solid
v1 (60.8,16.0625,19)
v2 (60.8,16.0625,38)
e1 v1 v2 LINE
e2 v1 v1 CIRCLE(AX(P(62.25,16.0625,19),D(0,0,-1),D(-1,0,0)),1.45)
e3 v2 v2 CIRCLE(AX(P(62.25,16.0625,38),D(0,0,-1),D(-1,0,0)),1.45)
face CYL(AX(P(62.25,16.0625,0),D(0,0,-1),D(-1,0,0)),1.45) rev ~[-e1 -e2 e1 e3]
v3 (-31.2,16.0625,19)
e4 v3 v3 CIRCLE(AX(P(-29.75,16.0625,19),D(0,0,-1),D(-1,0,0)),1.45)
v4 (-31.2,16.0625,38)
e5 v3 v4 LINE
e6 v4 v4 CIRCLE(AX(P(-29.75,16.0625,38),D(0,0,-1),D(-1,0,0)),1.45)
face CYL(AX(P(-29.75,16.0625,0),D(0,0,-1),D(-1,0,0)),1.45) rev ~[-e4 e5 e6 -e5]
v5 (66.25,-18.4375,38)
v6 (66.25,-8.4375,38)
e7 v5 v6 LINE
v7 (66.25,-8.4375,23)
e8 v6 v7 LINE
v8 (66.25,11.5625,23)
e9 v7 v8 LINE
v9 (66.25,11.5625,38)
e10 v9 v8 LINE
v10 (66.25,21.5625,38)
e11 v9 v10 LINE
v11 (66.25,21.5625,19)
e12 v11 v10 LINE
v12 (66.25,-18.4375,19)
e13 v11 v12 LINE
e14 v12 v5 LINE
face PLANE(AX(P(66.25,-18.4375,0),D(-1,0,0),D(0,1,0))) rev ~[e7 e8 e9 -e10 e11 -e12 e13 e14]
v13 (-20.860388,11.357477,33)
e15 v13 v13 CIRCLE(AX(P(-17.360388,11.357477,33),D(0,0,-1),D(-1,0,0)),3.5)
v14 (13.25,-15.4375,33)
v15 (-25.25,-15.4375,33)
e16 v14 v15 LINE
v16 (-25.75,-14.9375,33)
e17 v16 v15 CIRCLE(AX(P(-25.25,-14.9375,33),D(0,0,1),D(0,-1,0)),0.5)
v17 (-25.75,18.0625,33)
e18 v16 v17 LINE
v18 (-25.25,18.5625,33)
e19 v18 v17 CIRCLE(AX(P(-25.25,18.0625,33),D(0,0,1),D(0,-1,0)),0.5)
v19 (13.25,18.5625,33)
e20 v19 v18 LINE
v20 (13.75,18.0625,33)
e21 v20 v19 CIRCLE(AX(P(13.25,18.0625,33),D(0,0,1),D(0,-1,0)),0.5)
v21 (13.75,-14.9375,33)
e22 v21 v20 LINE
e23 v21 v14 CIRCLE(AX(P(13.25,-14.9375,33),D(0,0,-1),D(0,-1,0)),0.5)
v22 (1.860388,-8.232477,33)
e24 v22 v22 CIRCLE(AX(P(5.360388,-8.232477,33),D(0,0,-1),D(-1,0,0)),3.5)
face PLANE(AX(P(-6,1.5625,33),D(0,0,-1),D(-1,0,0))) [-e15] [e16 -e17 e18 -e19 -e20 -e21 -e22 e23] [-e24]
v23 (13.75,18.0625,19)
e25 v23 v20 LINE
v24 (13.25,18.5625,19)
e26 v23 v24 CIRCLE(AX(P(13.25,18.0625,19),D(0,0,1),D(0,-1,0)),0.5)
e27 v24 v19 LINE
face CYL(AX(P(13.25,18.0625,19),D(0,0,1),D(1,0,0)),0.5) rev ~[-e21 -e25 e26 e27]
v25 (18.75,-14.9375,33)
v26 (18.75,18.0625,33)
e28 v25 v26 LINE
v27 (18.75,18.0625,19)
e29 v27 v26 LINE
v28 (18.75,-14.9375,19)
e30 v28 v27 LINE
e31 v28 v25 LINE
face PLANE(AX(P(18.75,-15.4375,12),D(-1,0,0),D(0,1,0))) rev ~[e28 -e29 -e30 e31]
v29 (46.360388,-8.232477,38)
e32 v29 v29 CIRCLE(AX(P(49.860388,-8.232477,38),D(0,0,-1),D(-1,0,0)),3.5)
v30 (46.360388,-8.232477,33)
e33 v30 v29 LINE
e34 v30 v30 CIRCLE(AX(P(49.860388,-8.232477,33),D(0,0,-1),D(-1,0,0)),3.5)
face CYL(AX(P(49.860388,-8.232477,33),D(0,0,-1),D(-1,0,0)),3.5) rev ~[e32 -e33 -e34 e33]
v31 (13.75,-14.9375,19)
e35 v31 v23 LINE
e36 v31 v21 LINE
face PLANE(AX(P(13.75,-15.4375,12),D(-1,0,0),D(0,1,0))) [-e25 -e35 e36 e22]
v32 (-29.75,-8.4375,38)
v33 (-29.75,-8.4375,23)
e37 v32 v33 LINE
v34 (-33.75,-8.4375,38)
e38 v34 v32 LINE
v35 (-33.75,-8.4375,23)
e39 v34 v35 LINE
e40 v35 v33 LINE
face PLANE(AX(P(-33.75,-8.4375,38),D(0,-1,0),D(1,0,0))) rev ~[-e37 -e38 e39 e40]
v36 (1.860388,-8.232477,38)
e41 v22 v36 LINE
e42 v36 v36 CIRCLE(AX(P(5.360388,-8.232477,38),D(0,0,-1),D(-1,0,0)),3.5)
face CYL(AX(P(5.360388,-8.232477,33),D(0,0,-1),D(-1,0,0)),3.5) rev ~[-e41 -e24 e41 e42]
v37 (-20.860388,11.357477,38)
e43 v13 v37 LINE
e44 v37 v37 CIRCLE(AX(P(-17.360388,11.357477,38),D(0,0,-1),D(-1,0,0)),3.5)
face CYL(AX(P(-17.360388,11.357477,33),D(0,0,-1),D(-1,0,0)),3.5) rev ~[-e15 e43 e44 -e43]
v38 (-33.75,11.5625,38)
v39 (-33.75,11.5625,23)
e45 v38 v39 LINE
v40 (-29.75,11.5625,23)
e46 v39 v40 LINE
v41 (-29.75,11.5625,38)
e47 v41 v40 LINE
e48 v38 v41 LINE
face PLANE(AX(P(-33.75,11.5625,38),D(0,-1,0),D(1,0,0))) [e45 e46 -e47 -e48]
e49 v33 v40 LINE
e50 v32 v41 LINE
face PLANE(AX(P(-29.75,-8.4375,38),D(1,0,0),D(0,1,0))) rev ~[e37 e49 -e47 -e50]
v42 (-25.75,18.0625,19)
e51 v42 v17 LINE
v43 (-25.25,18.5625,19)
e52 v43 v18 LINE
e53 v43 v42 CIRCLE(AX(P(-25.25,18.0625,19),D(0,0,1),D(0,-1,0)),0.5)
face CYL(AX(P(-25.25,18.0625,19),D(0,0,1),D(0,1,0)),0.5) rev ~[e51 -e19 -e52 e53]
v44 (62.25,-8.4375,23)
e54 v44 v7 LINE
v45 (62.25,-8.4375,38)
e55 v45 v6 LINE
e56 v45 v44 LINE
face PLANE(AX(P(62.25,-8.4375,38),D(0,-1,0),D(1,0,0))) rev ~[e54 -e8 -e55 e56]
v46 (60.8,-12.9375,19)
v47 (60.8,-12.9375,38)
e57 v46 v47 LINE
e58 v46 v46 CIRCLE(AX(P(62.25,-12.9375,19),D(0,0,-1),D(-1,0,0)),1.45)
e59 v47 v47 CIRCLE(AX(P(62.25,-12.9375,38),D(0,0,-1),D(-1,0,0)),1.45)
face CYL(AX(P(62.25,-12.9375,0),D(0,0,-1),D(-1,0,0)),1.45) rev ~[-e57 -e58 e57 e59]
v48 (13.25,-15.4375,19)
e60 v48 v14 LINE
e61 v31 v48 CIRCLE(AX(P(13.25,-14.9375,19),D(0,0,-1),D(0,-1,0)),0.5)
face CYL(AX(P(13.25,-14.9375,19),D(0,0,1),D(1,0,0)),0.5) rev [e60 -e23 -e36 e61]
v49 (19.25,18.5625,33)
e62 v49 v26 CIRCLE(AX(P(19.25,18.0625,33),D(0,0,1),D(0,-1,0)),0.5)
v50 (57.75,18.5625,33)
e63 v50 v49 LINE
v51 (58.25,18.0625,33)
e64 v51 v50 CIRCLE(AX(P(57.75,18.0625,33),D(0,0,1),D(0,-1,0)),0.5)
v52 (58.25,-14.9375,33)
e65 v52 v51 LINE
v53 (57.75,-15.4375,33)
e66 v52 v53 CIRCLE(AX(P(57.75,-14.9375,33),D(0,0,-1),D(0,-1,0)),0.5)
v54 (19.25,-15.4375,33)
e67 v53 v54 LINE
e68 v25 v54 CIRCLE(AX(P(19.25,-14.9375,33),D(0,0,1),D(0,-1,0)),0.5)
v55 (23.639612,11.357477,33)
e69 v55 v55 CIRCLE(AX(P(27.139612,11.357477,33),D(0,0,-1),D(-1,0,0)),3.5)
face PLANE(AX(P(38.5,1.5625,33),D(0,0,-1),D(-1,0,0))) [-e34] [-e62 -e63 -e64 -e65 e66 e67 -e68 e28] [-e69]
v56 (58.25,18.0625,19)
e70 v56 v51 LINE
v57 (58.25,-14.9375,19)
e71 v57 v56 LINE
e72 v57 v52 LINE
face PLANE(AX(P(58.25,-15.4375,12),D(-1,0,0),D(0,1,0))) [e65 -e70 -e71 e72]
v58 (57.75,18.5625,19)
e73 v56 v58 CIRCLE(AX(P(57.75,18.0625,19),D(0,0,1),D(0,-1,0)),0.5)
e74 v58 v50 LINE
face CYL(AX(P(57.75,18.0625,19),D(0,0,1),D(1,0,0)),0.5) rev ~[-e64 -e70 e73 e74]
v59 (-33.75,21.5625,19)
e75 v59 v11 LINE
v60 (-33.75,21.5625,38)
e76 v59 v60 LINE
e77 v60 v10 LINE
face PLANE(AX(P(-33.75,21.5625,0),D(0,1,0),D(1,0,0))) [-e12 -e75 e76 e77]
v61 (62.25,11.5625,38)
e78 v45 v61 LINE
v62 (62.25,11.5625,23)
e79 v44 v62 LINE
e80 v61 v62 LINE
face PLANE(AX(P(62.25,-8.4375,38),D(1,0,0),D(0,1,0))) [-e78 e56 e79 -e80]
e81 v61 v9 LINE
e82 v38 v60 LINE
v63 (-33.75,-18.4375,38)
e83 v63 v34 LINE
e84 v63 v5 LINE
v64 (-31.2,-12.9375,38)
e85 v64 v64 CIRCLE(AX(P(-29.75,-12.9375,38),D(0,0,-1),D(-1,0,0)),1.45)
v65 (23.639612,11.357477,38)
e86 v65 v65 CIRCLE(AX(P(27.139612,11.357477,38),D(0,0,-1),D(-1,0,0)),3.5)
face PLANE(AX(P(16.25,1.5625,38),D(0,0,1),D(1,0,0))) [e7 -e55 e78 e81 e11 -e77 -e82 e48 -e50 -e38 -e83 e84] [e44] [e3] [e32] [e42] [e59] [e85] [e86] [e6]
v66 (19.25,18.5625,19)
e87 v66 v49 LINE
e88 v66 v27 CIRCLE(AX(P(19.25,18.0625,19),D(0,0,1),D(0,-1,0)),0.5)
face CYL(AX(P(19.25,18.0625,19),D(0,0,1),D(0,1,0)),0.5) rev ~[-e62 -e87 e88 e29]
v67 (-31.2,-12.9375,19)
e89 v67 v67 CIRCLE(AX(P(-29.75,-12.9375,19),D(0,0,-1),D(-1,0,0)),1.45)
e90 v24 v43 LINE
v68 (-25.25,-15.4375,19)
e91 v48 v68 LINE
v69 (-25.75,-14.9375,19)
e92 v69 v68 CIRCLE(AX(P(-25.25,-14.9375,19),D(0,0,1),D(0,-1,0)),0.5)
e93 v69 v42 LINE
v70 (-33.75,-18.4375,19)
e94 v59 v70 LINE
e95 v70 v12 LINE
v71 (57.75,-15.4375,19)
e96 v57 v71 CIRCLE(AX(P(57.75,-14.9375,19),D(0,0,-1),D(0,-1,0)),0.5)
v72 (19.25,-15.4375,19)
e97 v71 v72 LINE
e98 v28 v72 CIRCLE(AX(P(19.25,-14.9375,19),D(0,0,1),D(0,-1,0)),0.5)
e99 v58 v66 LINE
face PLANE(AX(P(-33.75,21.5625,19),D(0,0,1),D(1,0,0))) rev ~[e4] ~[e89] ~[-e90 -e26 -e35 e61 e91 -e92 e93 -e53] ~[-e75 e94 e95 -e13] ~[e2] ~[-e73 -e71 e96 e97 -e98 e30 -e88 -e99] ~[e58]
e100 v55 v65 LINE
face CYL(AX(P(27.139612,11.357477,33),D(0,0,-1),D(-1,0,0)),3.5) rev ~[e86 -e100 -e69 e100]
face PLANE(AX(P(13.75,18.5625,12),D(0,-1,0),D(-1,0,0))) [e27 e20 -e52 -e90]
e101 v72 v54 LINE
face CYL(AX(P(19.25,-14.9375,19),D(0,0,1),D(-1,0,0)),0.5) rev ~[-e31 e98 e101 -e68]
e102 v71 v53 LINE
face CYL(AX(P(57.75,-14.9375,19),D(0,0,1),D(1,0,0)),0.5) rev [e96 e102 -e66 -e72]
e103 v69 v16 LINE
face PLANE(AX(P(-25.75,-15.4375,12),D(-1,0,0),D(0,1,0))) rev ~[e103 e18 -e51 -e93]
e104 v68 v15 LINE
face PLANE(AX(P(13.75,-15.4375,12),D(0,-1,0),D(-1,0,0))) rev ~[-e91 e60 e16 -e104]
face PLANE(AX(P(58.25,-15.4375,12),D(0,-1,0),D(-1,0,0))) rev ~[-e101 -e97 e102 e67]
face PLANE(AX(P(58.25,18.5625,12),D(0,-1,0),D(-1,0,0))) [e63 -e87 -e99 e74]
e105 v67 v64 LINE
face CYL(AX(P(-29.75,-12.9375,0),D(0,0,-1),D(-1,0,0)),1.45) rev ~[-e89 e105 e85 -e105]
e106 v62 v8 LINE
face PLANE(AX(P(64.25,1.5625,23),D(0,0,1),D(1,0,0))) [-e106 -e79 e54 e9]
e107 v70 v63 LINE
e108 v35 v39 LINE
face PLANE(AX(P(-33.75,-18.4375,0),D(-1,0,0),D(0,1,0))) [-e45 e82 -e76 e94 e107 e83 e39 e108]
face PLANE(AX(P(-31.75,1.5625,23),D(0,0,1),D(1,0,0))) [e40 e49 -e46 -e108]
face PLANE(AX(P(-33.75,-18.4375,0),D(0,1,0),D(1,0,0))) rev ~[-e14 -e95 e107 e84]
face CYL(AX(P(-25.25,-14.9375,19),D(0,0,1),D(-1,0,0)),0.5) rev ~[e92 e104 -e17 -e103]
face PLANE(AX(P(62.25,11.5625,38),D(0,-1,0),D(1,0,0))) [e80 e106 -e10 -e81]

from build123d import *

# Parameters (mm, degrees)
SKETCH1_W           = 100
SKETCH1_H           = 40
BOSS_EXTRUDE1_DEPTH = 38
CUT_EXTRUDE2_START  = -12
SKETCH2_W           = 39.5
SKETCH2_H           = 34
CUT_EXTRUDE2_DEPTH  = 21
CUT_EXTRUDE3_DEPTH  = 9
CUT_EXTRUDE4_REACH  = 81.36
SKETCH4_R           = 1.45
SKETCH5_W           = 100
SKETCH5_H           = 19
CUT_EXTRUDE5_DEPTH  = 87.215210375
FILLET1_R           = 0.5
CUT_EXTRUDE11_REACH = 73.063
SKETCH10_R          = 3.5
SKETCH11_W          = 4
SKETCH11_H          = 20
CUT_EXTRUDE12_DEPTH = 15


with BuildPart() as part:
    # Sketch1 → Boss-Extrude1 (new body)
    with BuildSketch(Plane.XY):
        with Locations((16.25, 1.5625)):
            Rectangle(SKETCH1_W, SKETCH1_H)
    extrude(amount=BOSS_EXTRUDE1_DEPTH)

    # Sketch2 → Cut-Extrude2 (cut)
    with BuildSketch(Plane(origin=(0, 0, 0), x_dir=(-1, 0, 0), z_dir=(0, 0, -1)).offset(CUT_EXTRUDE2_START)):
        with Locations((-38.5, 1.5625)):
            Rectangle(SKETCH2_W, SKETCH2_H)
        with Locations((6, 1.5625)):
            Rectangle(SKETCH2_W, SKETCH2_H)
    extrude(amount=-CUT_EXTRUDE2_DEPTH, mode=Mode.SUBTRACT)

    # Sketch3 → Cut-Extrude3 (cut)
    with BuildSketch(Plane(origin=(-3.362318072, 0, 0), x_dir=(-1, 0, 0), z_dir=(0, 0, -1))):
        with BuildLine():
            ThreePointArc((-61.593370612, 1.614325749), (-20.676836723, -17.421621422), (21.715969185, -1.949710178))
            ThreePointArc((21.715969185, -1.949710178), (22.204299442, 9.465009595), (10.78957967, 9.953339852))
            ThreePointArc((10.78957967, 9.953339852), (-19.986233449, -1.278769909), (-49.690320582, 12.540715264))
            ThreePointArc((-49.690320582, 12.540715264), (-61.105040355, 13.029045522), (-61.593370612, 1.614325749))
        make_face()
    extrude(amount=-CUT_EXTRUDE3_DEPTH, mode=Mode.SUBTRACT)

    # Sketch4 → Cut-Extrude4 (cut, up to next)
    with BuildSketch(Plane(origin=(0, 0, 0), x_dir=(-1, 0, 0), z_dir=(0, 0, -1)), mode=Mode.PRIVATE) as cut_extrude4_sk1:
        with Locations((-62.25, 16.0625)):
            Circle(SKETCH4_R)
    cut_extrude4_tool1 = extrude(cut_extrude4_sk1.sketch, amount=-CUT_EXTRUDE4_REACH, mode=Mode.PRIVATE) & part.part
    # Sketch4 → Cut-Extrude4 (cut, up to next)
    with BuildSketch(Plane(origin=(0, 0, 0), x_dir=(-1, 0, 0), z_dir=(0, 0, -1)), mode=Mode.PRIVATE) as cut_extrude4_sk2:
        with Locations((-62.25, -12.9375)):
            Circle(SKETCH4_R)
    cut_extrude4_tool2 = extrude(cut_extrude4_sk2.sketch, amount=-CUT_EXTRUDE4_REACH, mode=Mode.PRIVATE) & part.part
    # Sketch4 → Cut-Extrude4 (cut, up to next)
    with BuildSketch(Plane(origin=(0, 0, 0), x_dir=(-1, 0, 0), z_dir=(0, 0, -1)), mode=Mode.PRIVATE) as cut_extrude4_sk3:
        with Locations((29.75, 16.0625)):
            Circle(SKETCH4_R)
    cut_extrude4_tool3 = extrude(cut_extrude4_sk3.sketch, amount=-CUT_EXTRUDE4_REACH, mode=Mode.PRIVATE) & part.part
    # Sketch4 → Cut-Extrude4 (cut, up to next)
    with BuildSketch(Plane(origin=(0, 0, 0), x_dir=(-1, 0, 0), z_dir=(0, 0, -1)), mode=Mode.PRIVATE) as cut_extrude4_sk4:
        with Locations((29.75, -12.9375)):
            Circle(SKETCH4_R)
    cut_extrude4_tool4 = extrude(cut_extrude4_sk4.sketch, amount=-CUT_EXTRUDE4_REACH, mode=Mode.PRIVATE) & part.part
    add(cut_extrude4_tool1.solids().sort_by_distance((62.25, 16.0625, 0))[0], mode=Mode.SUBTRACT)
    add(cut_extrude4_tool2.solids().sort_by_distance((62.25, -12.9375, 0))[0], mode=Mode.SUBTRACT)
    add(cut_extrude4_tool3.solids().sort_by_distance((-29.75, 16.0625, 0))[0], mode=Mode.SUBTRACT)
    add(cut_extrude4_tool4.solids().sort_by_distance((-29.75, -12.9375, 0))[0], mode=Mode.SUBTRACT)

    # Sketch5 → Cut-Extrude5 (cut, through all)
    with BuildSketch(Plane(origin=(0, 21.5625, 0), x_dir=(1, 0, 0), z_dir=(0, 1, 0))):
        with Locations((16.25, -9.5)):
            Rectangle(SKETCH5_W, SKETCH5_H)
    extrude(amount=-CUT_EXTRUDE5_DEPTH, mode=Mode.SUBTRACT)

    # Fillet1
    fillet1_edges = [part.edges().sort_by_distance(p)[0] for p in [
        (58.25, 18.5625, 26),
        (18.75, 18.5625, 26),
        (18.75, -15.4375, 26),
        (58.25, -15.4375, 26),
        (13.75, 18.5625, 26),
        (-25.75, 18.5625, 26),
        (-25.75, -15.4375, 26),
        (13.75, -15.4375, 26),
    ]]
    fillet(fillet1_edges, radius=FILLET1_R)

    # Sketch10 → Cut-Extrude11 (cut, up to next)
    with BuildSketch(Plane(origin=(0, 0, 33), x_dir=(-1, 0, 0), z_dir=(0, 0, -1)), mode=Mode.PRIVATE) as cut_extrude11_sk1:
        with Locations((-49.860388068, -8.232477434)):
            Circle(SKETCH10_R)
    cut_extrude11_tool1 = extrude(cut_extrude11_sk1.sketch, amount=-CUT_EXTRUDE11_REACH, mode=Mode.PRIVATE) & part.part
    # Sketch10 → Cut-Extrude11 (cut, up to next)
    with BuildSketch(Plane(origin=(0, 0, 33), x_dir=(-1, 0, 0), z_dir=(0, 0, -1)), mode=Mode.PRIVATE) as cut_extrude11_sk2:
        with Locations((-27.139611932, 11.357477434)):
            Circle(SKETCH10_R)
    cut_extrude11_tool2 = extrude(cut_extrude11_sk2.sketch, amount=-CUT_EXTRUDE11_REACH, mode=Mode.PRIVATE) & part.part
    # Sketch10 → Cut-Extrude11 (cut, up to next)
    with BuildSketch(Plane(origin=(0, 0, 33), x_dir=(-1, 0, 0), z_dir=(0, 0, -1)), mode=Mode.PRIVATE) as cut_extrude11_sk3:
        with Locations((-5.360388068, -8.232477434)):
            Circle(SKETCH10_R)
    cut_extrude11_tool3 = extrude(cut_extrude11_sk3.sketch, amount=-CUT_EXTRUDE11_REACH, mode=Mode.PRIVATE) & part.part
    # Sketch10 → Cut-Extrude11 (cut, up to next)
    with BuildSketch(Plane(origin=(0, 0, 33), x_dir=(-1, 0, 0), z_dir=(0, 0, -1)), mode=Mode.PRIVATE) as cut_extrude11_sk4:
        with Locations((17.360388068, 11.357477434)):
            Circle(SKETCH10_R)
    cut_extrude11_tool4 = extrude(cut_extrude11_sk4.sketch, amount=-CUT_EXTRUDE11_REACH, mode=Mode.PRIVATE) & part.part
    add(cut_extrude11_tool1.solids().sort_by_distance((49.860388, -8.232477, 33))[0], mode=Mode.SUBTRACT)
    add(cut_extrude11_tool2.solids().sort_by_distance((27.139612, 11.357477, 33))[0], mode=Mode.SUBTRACT)
    add(cut_extrude11_tool3.solids().sort_by_distance((5.360388, -8.232477, 33))[0], mode=Mode.SUBTRACT)
    add(cut_extrude11_tool4.solids().sort_by_distance((-17.360388, 11.357477, 33))[0], mode=Mode.SUBTRACT)

    # Sketch11 → Cut-Extrude12 (cut)
    with BuildSketch(Plane.XY.offset(38)):
        with Locations((-31.75, 1.5625)):
            Rectangle(SKETCH11_W, SKETCH11_H)
        with Locations((64.25, 1.5625)):
            Rectangle(SKETCH11_W, SKETCH11_H)
    extrude(amount=-CUT_EXTRUDE12_DEPTH, mode=Mode.SUBTRACT)


solid = part.part
